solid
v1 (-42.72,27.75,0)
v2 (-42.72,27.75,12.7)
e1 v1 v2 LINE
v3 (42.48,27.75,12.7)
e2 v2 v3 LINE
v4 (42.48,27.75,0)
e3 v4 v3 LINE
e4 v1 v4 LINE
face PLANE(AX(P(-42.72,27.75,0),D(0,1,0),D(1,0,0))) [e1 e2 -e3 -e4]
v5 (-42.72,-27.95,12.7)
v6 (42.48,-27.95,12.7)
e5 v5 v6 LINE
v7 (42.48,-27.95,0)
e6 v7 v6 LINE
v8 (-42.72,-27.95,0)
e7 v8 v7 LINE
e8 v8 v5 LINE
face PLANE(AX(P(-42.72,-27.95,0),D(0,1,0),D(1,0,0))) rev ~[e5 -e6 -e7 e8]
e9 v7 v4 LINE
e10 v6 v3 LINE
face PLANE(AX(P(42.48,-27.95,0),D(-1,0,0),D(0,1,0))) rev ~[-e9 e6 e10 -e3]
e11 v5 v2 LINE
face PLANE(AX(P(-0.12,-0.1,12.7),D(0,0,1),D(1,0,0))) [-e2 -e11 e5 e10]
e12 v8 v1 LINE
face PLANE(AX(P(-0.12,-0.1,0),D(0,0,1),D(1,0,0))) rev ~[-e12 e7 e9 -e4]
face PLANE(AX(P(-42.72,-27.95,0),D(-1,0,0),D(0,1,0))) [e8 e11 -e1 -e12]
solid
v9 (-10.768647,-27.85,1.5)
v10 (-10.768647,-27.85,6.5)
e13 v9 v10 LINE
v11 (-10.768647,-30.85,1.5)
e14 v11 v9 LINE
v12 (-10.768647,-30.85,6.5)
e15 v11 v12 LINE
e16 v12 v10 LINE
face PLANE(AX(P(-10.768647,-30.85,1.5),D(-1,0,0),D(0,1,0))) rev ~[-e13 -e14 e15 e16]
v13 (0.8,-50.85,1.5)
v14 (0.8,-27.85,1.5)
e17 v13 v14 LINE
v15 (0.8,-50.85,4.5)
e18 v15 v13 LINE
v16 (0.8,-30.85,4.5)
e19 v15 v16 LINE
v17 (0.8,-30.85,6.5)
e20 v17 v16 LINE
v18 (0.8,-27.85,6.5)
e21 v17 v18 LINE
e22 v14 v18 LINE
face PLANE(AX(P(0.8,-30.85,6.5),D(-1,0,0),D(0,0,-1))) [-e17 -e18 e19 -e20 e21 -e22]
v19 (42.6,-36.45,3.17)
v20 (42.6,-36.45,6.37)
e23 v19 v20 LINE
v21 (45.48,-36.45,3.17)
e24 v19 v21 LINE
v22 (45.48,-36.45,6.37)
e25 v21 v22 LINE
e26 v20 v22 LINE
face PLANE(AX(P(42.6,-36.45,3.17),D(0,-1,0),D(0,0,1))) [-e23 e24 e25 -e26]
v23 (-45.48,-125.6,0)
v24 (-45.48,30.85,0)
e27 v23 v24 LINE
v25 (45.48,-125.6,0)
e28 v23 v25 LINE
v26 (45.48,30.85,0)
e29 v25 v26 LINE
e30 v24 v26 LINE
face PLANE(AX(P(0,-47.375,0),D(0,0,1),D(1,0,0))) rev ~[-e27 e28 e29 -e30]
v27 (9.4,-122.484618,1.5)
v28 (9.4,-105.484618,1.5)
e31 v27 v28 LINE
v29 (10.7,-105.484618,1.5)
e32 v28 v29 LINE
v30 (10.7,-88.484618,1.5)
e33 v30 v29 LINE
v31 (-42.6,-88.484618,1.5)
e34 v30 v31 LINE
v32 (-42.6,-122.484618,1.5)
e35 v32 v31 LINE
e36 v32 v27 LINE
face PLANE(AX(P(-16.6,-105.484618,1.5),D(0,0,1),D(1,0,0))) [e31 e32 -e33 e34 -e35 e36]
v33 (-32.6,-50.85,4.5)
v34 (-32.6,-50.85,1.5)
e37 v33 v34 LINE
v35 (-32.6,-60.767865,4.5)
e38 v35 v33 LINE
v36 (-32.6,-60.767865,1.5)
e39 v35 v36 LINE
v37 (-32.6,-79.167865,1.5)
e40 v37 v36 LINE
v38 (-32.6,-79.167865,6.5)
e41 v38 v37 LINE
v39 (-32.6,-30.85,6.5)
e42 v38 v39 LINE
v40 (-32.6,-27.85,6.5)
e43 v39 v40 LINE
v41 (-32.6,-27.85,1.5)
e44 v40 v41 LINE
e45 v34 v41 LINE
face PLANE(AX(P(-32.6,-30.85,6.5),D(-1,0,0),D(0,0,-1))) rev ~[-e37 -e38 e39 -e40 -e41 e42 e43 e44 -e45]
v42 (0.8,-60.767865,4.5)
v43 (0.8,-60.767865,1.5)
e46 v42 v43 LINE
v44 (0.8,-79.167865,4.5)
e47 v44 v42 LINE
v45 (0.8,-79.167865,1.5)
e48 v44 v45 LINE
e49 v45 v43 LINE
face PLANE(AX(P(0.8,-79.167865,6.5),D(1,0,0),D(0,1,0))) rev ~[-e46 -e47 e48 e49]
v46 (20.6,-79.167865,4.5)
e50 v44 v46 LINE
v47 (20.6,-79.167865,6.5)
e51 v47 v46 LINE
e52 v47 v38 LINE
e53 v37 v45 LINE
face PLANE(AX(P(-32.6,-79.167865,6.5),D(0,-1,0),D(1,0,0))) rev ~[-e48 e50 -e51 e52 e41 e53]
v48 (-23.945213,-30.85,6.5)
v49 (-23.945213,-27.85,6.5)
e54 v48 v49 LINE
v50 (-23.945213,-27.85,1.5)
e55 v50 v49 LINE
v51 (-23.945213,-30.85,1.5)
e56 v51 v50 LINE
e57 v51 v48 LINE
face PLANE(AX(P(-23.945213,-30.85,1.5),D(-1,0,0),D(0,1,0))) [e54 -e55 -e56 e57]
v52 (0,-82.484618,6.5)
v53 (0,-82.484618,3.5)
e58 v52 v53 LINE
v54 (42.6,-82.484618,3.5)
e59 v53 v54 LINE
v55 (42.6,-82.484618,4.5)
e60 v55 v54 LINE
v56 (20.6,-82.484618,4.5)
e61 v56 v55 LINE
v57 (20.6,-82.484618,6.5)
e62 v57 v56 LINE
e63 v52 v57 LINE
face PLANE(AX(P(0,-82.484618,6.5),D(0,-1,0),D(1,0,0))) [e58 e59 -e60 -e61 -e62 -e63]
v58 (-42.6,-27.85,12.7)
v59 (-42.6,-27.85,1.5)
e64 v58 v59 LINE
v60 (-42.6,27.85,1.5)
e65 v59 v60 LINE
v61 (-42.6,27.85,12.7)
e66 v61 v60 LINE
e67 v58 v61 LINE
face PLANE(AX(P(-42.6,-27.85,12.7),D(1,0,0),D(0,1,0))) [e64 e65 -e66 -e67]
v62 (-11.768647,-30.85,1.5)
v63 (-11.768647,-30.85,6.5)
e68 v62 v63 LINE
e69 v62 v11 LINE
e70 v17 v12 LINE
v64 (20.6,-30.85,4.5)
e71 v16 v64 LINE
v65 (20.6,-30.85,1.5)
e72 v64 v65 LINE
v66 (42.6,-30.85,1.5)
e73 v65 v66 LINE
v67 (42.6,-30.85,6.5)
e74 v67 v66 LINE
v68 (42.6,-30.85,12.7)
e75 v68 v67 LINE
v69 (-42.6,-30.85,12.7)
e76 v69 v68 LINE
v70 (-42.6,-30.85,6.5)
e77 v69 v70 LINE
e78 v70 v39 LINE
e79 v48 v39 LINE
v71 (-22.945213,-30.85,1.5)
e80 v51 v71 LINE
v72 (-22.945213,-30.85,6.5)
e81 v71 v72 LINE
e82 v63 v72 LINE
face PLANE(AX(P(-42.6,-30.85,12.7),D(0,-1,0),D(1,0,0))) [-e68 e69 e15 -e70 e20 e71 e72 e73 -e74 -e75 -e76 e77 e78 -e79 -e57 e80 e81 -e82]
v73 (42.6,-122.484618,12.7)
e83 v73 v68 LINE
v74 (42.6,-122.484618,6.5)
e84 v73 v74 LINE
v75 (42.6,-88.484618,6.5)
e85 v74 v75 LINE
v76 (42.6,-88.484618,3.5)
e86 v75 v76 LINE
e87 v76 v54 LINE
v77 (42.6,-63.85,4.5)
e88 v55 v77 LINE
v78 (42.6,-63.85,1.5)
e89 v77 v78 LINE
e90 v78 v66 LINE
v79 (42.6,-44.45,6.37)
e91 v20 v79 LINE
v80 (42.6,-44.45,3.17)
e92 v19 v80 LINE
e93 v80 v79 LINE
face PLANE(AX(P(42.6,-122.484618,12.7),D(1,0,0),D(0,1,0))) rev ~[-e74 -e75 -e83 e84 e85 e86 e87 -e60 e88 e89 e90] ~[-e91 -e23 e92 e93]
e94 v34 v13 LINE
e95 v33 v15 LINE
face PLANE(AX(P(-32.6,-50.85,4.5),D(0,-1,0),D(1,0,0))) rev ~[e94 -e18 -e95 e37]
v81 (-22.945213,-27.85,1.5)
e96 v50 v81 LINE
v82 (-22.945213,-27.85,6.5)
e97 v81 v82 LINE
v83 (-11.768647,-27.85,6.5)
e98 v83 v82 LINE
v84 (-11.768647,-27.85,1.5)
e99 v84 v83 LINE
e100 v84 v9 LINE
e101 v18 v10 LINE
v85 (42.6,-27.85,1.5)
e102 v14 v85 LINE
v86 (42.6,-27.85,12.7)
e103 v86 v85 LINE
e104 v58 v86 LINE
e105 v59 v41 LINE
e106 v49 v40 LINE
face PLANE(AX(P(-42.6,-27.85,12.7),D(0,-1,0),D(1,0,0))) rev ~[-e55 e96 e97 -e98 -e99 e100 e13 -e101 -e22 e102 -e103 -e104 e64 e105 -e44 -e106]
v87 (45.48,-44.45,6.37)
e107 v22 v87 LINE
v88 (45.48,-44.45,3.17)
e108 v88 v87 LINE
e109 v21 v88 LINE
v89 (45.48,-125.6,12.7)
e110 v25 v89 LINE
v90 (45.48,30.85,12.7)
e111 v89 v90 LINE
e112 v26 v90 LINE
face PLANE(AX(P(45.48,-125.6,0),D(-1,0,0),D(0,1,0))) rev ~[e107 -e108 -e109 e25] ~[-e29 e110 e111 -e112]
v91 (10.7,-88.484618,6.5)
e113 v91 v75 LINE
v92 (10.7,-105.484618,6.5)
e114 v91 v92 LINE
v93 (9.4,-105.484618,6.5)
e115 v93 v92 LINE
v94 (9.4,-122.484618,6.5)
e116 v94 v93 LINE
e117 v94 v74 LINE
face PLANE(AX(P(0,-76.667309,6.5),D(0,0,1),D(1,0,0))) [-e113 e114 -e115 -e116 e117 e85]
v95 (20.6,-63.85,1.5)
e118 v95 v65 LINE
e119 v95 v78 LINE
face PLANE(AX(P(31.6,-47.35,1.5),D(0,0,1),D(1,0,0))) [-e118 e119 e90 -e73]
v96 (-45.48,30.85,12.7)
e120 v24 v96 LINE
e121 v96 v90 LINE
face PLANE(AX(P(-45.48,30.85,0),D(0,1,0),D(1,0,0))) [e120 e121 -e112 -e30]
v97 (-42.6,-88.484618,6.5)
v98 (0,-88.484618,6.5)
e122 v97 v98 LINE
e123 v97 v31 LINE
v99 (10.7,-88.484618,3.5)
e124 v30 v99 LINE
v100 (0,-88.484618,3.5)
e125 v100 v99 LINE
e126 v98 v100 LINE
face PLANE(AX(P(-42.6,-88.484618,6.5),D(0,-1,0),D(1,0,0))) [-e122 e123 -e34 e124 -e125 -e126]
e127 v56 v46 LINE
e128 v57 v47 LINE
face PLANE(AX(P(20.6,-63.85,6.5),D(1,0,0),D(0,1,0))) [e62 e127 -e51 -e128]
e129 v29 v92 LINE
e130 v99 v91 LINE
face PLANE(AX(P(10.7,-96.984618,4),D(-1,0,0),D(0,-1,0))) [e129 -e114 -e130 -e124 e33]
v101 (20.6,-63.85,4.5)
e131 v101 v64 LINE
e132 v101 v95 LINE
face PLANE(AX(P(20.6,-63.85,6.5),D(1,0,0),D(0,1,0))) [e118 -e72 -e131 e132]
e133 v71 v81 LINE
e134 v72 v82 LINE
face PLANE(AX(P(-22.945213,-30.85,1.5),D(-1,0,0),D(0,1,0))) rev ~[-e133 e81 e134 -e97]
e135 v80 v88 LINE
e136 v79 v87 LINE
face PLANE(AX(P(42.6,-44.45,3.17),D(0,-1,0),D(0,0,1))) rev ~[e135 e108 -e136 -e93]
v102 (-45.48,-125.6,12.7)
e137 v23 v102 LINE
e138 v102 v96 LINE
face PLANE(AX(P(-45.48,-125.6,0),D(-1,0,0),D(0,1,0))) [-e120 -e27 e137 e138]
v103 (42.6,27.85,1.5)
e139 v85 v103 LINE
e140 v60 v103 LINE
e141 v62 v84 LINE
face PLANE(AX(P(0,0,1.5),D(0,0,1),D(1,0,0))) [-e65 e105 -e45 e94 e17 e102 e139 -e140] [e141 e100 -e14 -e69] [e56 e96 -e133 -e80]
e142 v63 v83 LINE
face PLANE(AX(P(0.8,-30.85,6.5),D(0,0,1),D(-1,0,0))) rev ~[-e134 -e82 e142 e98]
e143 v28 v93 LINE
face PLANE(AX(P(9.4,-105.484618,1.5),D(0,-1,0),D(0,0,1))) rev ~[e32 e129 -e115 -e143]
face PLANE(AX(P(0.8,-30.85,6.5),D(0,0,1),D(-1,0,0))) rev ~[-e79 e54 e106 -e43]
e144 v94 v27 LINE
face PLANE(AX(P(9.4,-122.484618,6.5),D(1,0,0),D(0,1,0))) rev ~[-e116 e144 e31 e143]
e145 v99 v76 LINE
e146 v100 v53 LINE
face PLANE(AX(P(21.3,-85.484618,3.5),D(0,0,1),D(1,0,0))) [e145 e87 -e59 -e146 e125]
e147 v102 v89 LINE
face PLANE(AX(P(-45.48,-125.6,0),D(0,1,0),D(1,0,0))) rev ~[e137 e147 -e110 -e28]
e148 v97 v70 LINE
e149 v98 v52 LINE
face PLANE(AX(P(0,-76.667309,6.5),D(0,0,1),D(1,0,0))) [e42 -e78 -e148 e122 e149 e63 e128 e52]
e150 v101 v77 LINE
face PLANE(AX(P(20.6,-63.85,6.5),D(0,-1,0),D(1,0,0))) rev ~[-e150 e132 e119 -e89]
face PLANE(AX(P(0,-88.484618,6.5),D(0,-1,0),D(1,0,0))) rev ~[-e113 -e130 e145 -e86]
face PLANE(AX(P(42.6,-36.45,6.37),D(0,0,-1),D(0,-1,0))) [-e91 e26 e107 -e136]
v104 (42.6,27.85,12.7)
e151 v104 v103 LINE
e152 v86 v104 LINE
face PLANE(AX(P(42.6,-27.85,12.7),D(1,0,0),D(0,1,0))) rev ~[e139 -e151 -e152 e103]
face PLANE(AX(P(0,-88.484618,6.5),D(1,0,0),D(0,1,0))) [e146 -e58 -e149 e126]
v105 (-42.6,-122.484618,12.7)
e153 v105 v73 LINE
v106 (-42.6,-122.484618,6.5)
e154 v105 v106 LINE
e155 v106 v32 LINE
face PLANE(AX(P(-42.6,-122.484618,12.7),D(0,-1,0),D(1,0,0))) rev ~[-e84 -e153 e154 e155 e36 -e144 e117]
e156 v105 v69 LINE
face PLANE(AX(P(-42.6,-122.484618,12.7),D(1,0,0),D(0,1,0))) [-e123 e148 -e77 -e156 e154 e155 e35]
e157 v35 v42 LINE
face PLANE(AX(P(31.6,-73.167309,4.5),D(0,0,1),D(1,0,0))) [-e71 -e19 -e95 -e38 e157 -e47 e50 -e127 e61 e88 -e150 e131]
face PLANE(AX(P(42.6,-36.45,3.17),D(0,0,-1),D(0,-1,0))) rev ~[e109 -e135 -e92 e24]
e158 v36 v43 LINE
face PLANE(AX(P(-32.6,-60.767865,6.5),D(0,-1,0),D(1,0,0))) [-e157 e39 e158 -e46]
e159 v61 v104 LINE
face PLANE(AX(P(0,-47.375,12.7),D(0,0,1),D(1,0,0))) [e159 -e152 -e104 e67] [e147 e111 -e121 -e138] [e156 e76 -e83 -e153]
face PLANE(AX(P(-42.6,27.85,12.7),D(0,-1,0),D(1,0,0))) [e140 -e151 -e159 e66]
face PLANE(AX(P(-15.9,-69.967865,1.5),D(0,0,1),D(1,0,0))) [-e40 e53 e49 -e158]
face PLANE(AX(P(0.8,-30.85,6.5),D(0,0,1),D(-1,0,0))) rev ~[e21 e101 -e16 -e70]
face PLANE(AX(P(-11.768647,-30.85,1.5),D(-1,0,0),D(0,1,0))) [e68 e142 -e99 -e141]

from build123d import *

# Parameters (mm, degrees)
SKETCH_W           = 85.2
SKETCH_H           = 55.7
PAD_DEPTH          = 12.7
SKETCH001_W        = 90.96
SKETCH001_H        = 156.45
PAD001_DEPTH       = 12.7
SKETCH002_W        = 85.2
SKETCH002_H        = 91.6346183773
POCKET_DEPTH       = 6.2
SKETCH003_W        = 52
SKETCH003_H        = 34
POCKET001_DEPTH    = 5
SKETCH004_W        = 22
SKETCH004_H        = 33
POCKET002_DEPTH    = 5
SKETCH005_W        = 8
SKETCH005_H        = 3.2
POCKET003_DEPTH    = 2.88
SKETCH006_W        = 17
SKETCH006_H        = 5
POCKET004_DEPTH    = 1.3
SKETCH007_W        = 42.6
SKETCH007_H        = 6
POCKET005_DEPTH    = 3
SKETCH008_W        = 22
SKETCH008_H        = 18.6346183773
POCKET006_DEPTH    = 2
SKETCH010_W        = 33.4
SKETCH010_H        = 18.4
POCKET007_DEPTH    = 5
SKETCH011_W        = 19.8
SKETCH011_H        = 48.3178648155
POCKET008_DEPTH    = 2
SKETCH012_W        = 33.4
SKETCH012_H        = 29.9178648155
POCKET009_DEPTH    = 2
SKETCH013_W        = 33.4
SKETCH013_H        = 20
POCKET010_DEPTH    = 3
SKETCH014_W        = 85.2
SKETCH014_H        = 55.7
POCKET011_DEPTH    = 11.2
POCKET011_FACE45_W = 33.4
POCKET011_FACE45_H = 3
POCKET012_DEPTH    = 3
POCKET012_FACE23_W = 33.4
POCKET012_FACE23_H = 2
POCKET013_DEPTH    = 3
SKETCH016_W        = 1
SKETCH016_H        = 3
PAD002_DEPTH       = 5
SKETCH015_W        = 1
SKETCH015_H        = 3
PAD003_DEPTH       = 5


with BuildPart() as screen:
    # Sketch → Pad (new body)
    with BuildSketch(Plane.XY):
        with Locations((-0.12, -0.1)):
            Rectangle(SKETCH_W, SKETCH_H)
    extrude(amount=PAD_DEPTH)


with BuildPart() as body001:
    # Sketch001 → Pad001 (new body)
    with BuildSketch(Plane.XY):
        with Locations((0, -47.375)):
            Rectangle(SKETCH001_W, SKETCH001_H)
    extrude(amount=PAD001_DEPTH)

    # Sketch002 (on Face6 of Pad001) → Pocket (cut)
    with BuildSketch(Plane.XY.offset(12.7)):
        with Locations((0, -76.6673091887)):
            Rectangle(SKETCH002_W, SKETCH002_H)
    extrude(amount=-POCKET_DEPTH, mode=Mode.SUBTRACT)

    # Sketch003 (on Face11 of Pocket) → Pocket001 (cut)
    with BuildSketch(Plane.XY.offset(6.5)):
        with Locations((-16.6, -105.4846183773)):
            Rectangle(SKETCH003_W, SKETCH003_H)
    extrude(amount=-POCKET001_DEPTH, mode=Mode.SUBTRACT)

    # Sketch004 (on Face12 of Pocket001) → Pocket002 (cut)
    with BuildSketch(Plane.XY.offset(6.5)):
        with Locations((31.6, -47.35)):
            Rectangle(SKETCH004_W, SKETCH004_H)
    extrude(amount=-POCKET002_DEPTH, mode=Mode.SUBTRACT)

    # Sketch005 (on Face14 of Pocket002) → Pocket003 (cut)
    with BuildSketch(Plane(origin=(42.6, 0, 0), x_dir=(0, -1, 0), z_dir=(-1, 0, 0))):
        with Locations((40.45, 4.77)):
            Rectangle(SKETCH005_W, SKETCH005_H)
    extrude(amount=-POCKET003_DEPTH, mode=Mode.SUBTRACT)

    # Sketch006 (on Face25 of Pocket003) → Pocket004 (cut)
    with BuildSketch(Plane(origin=(9.4, 0, 0), x_dir=(0, -1, 0), z_dir=(-1, 0, 0))):
        with Locations((96.9846183773, 4)):
            Rectangle(SKETCH006_W, SKETCH006_H)
    extrude(amount=-POCKET004_DEPTH, mode=Mode.SUBTRACT)

    # Sketch007 (on Face17 of Pocket004) → Pocket005 (cut)
    with BuildSketch(Plane.XY.offset(6.5)):
        with Locations((21.3, -85.4846183773)):
            Rectangle(SKETCH007_W, SKETCH007_H)
    extrude(amount=-POCKET005_DEPTH, mode=Mode.SUBTRACT)

    # Sketch008 (on Face17 of Pocket005) → Pocket006 (cut)
    with BuildSketch(Plane.XY.offset(6.5)):
        with Locations((31.6, -73.1673091887)):
            Rectangle(SKETCH008_W, SKETCH008_H)
    extrude(amount=-POCKET006_DEPTH, mode=Mode.SUBTRACT)

    # Sketch010 (on Face17 of Pocket006) → Pocket007 (cut)
    with BuildSketch(Plane.XY.offset(6.5)):
        with Locations((-15.9, -69.9678648155)):
            Rectangle(SKETCH010_W, SKETCH010_H)
    extrude(amount=-POCKET007_DEPTH, mode=Mode.SUBTRACT)

    # Sketch011 (on Face17 of Pocket007) → Pocket008 (cut)
    with BuildSketch(Plane.XY.offset(6.5)):
        with Locations((10.7, -55.0089324078)):
            Rectangle(SKETCH011_W, SKETCH011_H)
    extrude(amount=-POCKET008_DEPTH, mode=Mode.SUBTRACT)

    # Sketch012 (on Face17 of Pocket008) → Pocket009 (cut)
    with BuildSketch(Plane.XY.offset(6.5)):
        with Locations((-15.9, -45.8089324078)):
            Rectangle(SKETCH012_W, SKETCH012_H)
    extrude(amount=-POCKET009_DEPTH, mode=Mode.SUBTRACT)

    # Sketch013 (on Face42 of Pocket009) → Pocket010 (cut)
    with BuildSketch(Plane.XY.offset(4.5)):
        with Locations((-15.9, -40.85)):
            Rectangle(SKETCH013_W, SKETCH013_H)
    extrude(amount=-POCKET010_DEPTH, mode=Mode.SUBTRACT)

    # Sketch014 (on Face5 of Pocket010) → Pocket011 (cut)
    with BuildSketch(Plane.XY.offset(12.7)):
        Rectangle(SKETCH014_W, SKETCH014_H)
    extrude(amount=-POCKET011_DEPTH, mode=Mode.SUBTRACT)

    # Pocket011 Face45 → Pocket012 (cut)
    with BuildSketch(Plane(origin=(-15.9, -30.85, 3), x_dir=(-1, 0, 0), z_dir=(0, -1, 0))):
        Rectangle(POCKET011_FACE45_W, POCKET011_FACE45_H)
    extrude(amount=-POCKET012_DEPTH, mode=Mode.SUBTRACT)

    # Pocket012 Face23 → Pocket013 (cut)
    with BuildSketch(Plane(origin=(-15.9, -30.85, 5.5), x_dir=(-1, 0, 0), z_dir=(0, -1, 0))):
        Rectangle(POCKET012_FACE23_W, POCKET012_FACE23_H)
    extrude(amount=-POCKET013_DEPTH, mode=Mode.SUBTRACT)

    # Sketch016 (on Face53 of Pocket013) → Pad002 (join)
    with BuildSketch(Plane.XY.offset(1.5)):
        with Locations((-11.2686472875, -29.35)):
            Rectangle(SKETCH016_W, SKETCH016_H)
    extrude(amount=PAD002_DEPTH)

    # Sketch015 (on Face53 of Pocket013) → Pad003 (join)
    with BuildSketch(Plane.XY.offset(1.5)):
        with Locations((-23.4452128155, -29.35)):
            Rectangle(SKETCH015_W, SKETCH015_H)
    extrude(amount=PAD003_DEPTH)


solid = Compound([screen.part, body001.part])
